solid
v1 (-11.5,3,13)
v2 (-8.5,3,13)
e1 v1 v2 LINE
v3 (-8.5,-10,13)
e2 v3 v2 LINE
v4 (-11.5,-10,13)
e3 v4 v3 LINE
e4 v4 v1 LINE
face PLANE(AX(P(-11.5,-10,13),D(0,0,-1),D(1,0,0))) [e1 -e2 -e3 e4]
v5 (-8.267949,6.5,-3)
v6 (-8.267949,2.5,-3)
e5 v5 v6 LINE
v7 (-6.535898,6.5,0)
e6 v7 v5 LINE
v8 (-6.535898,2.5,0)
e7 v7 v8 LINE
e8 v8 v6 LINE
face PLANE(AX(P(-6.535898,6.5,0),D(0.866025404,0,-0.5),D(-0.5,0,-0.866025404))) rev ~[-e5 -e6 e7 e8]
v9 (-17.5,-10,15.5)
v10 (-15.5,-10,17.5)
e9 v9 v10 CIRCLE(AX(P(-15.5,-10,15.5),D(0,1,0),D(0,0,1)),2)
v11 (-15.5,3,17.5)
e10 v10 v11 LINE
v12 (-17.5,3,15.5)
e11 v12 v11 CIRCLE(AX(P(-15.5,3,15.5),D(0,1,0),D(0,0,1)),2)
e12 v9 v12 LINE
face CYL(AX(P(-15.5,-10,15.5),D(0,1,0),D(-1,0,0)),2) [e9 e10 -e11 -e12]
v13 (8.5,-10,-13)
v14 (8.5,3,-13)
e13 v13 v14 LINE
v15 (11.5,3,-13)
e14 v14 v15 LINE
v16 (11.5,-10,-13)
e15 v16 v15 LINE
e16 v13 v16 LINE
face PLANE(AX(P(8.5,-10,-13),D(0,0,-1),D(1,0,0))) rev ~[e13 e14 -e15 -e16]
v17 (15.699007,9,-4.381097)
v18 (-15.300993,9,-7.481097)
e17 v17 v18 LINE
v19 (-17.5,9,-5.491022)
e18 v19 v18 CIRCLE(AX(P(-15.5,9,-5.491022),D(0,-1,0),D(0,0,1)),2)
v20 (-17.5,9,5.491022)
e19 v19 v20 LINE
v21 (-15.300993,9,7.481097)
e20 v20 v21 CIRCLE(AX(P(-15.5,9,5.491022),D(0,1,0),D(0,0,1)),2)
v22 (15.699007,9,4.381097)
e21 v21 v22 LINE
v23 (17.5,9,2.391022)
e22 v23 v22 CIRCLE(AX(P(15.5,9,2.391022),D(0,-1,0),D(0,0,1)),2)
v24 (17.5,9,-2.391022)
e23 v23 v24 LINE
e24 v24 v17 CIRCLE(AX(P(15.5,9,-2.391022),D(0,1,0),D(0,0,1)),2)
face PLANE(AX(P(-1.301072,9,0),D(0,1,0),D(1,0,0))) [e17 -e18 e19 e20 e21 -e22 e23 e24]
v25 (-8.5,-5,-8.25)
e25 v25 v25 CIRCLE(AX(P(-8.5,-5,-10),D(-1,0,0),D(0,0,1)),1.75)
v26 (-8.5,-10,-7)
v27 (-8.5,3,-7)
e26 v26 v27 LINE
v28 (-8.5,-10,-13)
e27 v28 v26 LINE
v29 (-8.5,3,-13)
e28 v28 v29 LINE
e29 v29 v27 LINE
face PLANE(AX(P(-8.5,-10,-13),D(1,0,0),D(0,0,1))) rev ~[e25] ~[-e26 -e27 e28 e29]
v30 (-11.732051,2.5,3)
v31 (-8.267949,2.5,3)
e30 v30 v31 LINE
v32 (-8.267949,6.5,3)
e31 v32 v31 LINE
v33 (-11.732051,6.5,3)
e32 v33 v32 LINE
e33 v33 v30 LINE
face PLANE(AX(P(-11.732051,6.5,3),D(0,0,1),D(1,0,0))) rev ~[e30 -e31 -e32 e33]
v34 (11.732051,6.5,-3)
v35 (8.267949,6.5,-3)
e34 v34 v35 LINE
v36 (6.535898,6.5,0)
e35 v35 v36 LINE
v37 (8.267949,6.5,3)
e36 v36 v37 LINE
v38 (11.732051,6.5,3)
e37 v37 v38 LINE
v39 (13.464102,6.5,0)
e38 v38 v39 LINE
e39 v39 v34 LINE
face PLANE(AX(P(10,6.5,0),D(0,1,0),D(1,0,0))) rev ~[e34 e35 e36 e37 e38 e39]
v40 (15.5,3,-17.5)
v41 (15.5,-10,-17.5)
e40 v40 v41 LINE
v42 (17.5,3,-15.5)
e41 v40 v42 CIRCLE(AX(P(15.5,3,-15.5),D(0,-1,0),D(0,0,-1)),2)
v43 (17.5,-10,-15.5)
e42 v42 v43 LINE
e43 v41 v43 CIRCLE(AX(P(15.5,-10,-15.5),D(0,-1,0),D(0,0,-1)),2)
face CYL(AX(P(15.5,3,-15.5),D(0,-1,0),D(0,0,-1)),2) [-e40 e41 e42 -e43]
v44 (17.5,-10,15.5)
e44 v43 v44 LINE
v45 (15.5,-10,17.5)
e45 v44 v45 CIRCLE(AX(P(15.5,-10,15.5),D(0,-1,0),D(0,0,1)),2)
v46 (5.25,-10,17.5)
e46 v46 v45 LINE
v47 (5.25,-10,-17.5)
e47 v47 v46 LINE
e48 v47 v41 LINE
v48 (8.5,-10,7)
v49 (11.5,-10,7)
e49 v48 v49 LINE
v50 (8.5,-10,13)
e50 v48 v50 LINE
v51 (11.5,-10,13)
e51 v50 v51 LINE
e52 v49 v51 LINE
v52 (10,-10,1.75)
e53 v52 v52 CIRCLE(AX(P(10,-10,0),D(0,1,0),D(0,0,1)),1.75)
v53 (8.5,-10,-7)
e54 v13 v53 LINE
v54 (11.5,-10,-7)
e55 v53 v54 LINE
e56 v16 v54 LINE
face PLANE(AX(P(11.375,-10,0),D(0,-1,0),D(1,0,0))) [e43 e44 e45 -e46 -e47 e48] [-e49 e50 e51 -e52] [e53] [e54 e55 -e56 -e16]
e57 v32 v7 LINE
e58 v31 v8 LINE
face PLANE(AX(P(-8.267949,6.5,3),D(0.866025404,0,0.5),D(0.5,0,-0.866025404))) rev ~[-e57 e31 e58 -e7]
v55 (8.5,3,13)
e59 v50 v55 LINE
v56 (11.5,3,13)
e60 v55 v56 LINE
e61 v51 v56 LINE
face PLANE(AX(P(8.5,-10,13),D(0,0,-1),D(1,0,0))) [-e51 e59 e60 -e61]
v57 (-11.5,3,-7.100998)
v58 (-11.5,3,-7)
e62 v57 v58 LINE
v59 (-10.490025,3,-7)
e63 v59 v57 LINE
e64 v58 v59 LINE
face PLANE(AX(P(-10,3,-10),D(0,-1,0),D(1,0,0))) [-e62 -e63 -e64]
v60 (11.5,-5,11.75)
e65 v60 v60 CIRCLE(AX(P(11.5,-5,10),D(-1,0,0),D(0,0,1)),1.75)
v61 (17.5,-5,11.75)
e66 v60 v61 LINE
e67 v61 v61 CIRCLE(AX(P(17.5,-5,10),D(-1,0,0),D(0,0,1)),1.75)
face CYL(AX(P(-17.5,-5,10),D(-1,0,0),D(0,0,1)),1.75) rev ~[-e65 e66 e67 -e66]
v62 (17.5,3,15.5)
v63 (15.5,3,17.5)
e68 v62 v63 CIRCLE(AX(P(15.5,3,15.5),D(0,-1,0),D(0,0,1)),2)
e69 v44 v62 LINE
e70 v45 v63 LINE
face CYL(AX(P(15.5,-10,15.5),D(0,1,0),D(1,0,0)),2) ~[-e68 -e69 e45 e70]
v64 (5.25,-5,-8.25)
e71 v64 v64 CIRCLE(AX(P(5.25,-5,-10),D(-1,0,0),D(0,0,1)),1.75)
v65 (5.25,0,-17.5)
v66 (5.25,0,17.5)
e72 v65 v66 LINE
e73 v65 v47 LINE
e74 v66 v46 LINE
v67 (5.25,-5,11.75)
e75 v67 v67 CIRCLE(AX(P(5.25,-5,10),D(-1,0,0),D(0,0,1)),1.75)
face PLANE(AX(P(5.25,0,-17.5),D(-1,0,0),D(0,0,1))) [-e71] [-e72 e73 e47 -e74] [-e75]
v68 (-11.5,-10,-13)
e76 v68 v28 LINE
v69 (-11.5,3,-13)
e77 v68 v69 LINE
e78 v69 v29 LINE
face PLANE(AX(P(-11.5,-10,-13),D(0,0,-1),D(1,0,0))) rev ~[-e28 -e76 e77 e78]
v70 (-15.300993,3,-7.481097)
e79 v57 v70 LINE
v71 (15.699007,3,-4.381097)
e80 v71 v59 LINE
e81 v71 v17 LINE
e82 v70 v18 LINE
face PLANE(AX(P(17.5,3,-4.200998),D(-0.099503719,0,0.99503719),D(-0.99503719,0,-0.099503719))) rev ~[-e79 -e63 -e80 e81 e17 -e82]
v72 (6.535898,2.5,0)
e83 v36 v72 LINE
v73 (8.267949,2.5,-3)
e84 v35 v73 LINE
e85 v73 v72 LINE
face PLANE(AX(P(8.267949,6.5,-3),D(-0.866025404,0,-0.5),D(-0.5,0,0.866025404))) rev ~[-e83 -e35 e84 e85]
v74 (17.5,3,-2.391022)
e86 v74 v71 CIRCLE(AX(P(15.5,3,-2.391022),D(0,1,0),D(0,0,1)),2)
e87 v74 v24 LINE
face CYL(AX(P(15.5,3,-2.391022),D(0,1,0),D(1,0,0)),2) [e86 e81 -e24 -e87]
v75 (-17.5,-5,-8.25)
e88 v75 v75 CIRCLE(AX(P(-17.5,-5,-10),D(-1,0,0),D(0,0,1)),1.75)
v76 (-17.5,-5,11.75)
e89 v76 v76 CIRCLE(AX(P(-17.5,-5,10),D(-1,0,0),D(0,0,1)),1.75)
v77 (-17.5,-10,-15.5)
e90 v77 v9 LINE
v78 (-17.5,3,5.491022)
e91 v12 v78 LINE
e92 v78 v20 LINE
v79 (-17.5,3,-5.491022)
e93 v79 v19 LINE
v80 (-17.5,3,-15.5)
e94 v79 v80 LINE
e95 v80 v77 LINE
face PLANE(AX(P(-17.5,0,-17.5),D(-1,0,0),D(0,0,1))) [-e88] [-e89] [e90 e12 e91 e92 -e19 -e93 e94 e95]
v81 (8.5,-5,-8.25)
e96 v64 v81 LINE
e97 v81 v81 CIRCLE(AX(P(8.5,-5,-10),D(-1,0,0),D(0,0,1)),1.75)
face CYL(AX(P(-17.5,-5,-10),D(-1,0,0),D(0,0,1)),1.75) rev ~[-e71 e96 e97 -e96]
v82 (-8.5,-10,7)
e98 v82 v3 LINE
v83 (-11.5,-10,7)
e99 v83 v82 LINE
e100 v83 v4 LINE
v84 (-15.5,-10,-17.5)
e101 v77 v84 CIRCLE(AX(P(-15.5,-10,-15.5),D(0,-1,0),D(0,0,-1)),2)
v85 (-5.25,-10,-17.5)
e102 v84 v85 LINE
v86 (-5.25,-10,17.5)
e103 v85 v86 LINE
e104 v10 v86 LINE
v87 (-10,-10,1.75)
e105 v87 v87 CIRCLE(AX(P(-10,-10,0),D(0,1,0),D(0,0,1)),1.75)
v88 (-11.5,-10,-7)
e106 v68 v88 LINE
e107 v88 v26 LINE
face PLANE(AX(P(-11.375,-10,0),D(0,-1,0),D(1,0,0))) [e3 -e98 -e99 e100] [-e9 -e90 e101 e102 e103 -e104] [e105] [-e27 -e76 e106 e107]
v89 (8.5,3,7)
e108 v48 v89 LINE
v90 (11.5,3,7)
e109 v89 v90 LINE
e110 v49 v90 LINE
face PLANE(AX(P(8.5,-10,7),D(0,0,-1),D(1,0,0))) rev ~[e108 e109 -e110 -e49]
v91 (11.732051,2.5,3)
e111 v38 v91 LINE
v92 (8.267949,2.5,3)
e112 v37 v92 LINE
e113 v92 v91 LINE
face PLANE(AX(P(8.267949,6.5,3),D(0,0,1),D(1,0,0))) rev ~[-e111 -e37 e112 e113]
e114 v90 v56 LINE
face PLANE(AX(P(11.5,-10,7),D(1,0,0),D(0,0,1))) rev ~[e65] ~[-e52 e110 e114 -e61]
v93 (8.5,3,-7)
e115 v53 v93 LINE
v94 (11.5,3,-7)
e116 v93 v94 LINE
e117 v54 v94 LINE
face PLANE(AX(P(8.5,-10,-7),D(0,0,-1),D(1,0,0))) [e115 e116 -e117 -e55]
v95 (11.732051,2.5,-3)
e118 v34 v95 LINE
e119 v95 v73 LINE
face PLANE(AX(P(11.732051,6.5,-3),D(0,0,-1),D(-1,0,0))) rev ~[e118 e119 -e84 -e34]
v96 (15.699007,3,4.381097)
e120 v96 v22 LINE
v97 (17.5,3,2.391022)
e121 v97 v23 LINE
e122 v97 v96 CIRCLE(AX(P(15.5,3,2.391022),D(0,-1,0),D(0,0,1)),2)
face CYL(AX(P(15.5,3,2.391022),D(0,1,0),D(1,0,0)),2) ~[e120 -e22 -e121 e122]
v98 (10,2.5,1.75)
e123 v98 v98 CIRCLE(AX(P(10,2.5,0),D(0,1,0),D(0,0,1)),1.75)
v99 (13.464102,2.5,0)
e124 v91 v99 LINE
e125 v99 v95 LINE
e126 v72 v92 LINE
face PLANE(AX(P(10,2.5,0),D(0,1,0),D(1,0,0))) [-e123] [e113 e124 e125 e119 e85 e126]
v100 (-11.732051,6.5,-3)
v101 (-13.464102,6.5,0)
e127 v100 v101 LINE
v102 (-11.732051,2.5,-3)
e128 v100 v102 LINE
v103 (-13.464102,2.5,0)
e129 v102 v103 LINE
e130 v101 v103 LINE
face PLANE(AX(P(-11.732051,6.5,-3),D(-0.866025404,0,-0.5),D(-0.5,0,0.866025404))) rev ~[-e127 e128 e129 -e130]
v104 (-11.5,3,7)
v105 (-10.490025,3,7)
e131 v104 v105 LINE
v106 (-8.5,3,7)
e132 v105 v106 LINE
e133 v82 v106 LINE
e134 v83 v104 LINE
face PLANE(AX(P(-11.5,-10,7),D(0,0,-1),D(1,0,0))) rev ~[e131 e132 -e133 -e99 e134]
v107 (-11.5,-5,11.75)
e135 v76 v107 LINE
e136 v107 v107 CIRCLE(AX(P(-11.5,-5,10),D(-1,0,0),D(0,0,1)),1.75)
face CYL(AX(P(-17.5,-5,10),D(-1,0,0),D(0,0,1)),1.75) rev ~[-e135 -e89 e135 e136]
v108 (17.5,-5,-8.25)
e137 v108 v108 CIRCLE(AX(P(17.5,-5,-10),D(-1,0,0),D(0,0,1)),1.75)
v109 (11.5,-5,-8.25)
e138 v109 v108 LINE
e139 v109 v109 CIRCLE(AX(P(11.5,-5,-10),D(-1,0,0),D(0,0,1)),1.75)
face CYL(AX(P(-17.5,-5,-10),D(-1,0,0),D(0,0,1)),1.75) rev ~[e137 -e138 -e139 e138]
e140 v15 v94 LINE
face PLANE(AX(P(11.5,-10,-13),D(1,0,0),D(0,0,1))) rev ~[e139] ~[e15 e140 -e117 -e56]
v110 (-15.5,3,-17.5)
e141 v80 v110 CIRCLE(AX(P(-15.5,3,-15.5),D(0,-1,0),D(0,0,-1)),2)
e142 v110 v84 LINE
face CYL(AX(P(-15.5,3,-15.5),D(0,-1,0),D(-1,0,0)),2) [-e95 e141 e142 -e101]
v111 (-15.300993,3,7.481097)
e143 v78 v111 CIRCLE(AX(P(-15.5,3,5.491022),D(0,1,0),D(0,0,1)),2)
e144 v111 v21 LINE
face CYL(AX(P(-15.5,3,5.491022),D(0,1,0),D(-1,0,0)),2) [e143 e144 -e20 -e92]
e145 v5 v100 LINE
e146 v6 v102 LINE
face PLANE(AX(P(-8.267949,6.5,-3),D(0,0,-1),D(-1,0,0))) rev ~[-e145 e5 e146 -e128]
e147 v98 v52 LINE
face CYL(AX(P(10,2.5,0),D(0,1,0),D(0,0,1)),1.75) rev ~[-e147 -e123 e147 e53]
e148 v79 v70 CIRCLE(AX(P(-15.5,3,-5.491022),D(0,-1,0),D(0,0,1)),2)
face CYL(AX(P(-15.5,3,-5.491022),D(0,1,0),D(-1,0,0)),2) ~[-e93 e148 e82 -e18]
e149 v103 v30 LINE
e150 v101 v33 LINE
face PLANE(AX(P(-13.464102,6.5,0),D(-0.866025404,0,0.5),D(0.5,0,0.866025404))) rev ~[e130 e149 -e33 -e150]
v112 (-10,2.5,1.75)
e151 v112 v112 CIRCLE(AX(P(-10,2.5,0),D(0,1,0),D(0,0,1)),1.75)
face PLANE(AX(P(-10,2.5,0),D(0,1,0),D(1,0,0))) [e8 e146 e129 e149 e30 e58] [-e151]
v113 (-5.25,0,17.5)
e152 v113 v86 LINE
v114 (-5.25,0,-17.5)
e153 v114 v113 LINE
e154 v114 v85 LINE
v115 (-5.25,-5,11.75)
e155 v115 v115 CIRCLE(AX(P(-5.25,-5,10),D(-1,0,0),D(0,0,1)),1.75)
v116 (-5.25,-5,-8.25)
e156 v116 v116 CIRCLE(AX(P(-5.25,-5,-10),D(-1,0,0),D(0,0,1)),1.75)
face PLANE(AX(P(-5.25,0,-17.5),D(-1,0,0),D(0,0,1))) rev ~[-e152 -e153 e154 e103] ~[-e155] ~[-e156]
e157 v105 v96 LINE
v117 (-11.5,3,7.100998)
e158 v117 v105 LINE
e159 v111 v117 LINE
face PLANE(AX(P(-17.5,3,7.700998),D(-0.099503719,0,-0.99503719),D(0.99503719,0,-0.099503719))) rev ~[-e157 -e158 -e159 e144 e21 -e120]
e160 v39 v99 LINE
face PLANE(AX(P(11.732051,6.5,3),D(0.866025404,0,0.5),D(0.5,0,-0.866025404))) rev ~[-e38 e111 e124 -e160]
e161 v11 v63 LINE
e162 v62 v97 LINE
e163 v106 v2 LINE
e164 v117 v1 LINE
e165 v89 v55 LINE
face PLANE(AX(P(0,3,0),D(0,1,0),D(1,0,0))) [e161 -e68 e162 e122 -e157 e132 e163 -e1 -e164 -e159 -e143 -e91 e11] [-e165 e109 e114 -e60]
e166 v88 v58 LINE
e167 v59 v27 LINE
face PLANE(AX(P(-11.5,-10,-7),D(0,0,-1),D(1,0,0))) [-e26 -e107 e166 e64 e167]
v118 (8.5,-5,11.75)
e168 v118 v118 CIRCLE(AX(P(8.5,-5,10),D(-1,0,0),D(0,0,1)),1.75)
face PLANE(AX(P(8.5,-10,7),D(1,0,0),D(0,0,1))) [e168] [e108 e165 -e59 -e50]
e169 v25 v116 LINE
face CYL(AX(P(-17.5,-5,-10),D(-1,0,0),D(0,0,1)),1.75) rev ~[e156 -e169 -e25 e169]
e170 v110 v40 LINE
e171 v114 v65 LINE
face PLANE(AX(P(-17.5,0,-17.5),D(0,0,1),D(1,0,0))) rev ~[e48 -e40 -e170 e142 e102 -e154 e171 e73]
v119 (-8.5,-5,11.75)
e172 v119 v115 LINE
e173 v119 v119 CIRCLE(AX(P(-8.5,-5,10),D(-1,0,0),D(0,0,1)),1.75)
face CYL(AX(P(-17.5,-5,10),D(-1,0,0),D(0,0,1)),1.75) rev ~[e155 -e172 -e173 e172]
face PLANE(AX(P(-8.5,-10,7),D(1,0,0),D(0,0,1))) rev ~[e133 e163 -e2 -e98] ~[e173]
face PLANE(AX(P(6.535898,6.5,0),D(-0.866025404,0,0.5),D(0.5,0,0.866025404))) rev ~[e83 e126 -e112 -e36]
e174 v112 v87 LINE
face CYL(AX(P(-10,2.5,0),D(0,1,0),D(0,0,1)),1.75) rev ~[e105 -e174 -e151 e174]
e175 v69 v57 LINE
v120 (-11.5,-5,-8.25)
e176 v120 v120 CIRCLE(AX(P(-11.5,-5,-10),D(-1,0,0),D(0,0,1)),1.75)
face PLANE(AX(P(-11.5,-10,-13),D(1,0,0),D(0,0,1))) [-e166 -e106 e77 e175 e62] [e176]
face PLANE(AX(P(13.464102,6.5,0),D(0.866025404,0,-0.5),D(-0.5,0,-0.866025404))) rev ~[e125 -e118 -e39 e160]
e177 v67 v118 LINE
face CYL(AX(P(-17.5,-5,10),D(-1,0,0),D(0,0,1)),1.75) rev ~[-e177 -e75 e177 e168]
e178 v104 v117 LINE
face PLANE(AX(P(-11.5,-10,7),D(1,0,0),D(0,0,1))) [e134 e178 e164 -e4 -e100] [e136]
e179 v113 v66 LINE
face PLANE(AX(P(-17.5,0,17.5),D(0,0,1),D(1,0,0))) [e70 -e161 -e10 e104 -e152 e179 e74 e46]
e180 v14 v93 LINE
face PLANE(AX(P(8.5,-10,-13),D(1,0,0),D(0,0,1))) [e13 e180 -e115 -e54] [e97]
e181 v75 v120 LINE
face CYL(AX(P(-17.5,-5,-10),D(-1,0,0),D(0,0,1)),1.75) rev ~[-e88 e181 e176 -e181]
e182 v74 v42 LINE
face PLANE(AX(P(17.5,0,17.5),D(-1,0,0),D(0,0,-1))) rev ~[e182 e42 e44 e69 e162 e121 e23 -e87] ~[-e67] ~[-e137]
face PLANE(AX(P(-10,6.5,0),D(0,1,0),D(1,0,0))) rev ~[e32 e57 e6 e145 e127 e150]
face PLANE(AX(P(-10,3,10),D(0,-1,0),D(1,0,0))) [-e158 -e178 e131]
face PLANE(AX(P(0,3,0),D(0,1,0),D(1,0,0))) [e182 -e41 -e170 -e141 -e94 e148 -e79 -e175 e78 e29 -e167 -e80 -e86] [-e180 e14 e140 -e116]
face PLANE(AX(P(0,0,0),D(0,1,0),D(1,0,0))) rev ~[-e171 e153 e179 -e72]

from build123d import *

# Parameters (mm, degrees)
SKETCH_1_W          = 35
SKETCH_1_H          = 35
EXTRUDE_6_DEPTH     = 3
EXTRUDE_7_DEPTH     = 6
SKETCH_6_W          = 12.25
SKETCH_6_H          = 35
EXTRUDE_8_DEPTH     = 10
FILLET_2_R          = 2
SKETCH_7_R          = 1.75
CUT_EXTRUDE_3_DEPTH = 41.388736054
SKETCH_8_W          = 3
SKETCH_8_H          = 6
CUT_EXTRUDE_4_DEPTH = 13
CUT_EXTRUDE_5_DEPTH = 4
SKETCH_12_R         = 1.75
CUT_EXTRUDE_6_DEPTH = 28.726341266


with BuildPart() as part:
    # Эскиз1 → Бобышка-Вытянуть6 (new body)
    with BuildSketch(Plane(origin=(0, 0, 0), x_dir=(1, 0, 0), z_dir=(0, 1, 0))):
        Rectangle(SKETCH_1_W, SKETCH_1_H)
    extrude(amount=EXTRUDE_6_DEPTH)

    # Эскиз5 → Бобышка-Вытянуть7 (add)
    with BuildSketch(Plane(origin=(0, 3, 0), x_dir=(1, 0, 0), z_dir=(0, 1, 0))):
        Polygon((-17.5, 7.700997512), (-17.5, 7.5), (-17.5, -7.5), (-17.5, -7.700997512), (17.5, -4.200997512), (17.5, -4), (17.5, 4), (17.5, 4.200997512), align=None)
    extrude(amount=EXTRUDE_7_DEPTH)

    # Эскиз6 → Бобышка-Вытянуть8 (add)
    with BuildSketch(Plane.XZ):
        with Locations((-11.375, 0)):
            Rectangle(SKETCH_6_W, SKETCH_6_H)
        with Locations((11.375, 0)):
            Rectangle(SKETCH_6_W, SKETCH_6_H)
    extrude(amount=EXTRUDE_8_DEPTH)

    # Скругление2
    fillet_2_edges = [part.edges().sort_by_distance(p)[0] for p in [
        (17.5, 6, 4.200997512),
        (17.5, 6, -4.200997512),
        (-17.5, 6, -7.700997512),
        (-17.5, 6, 7.700997512),
        (-17.5, -3.5, 17.5),
        (17.5, -3.5, 17.5),
        (17.5, -3.5, -17.5),
        (-17.5, -3.5, -17.5),
    ]]
    fillet(fillet_2_edges, radius=FILLET_2_R)

    # Эскиз7 → Вырез-Вытянуть3 (cut, through all)
    with BuildSketch(Plane.ZY.offset(17.5)):
        with Locations((-10, -5)):
            Circle(SKETCH_7_R)
        with Locations((10, -5)):
            Circle(SKETCH_7_R)
    extrude(amount=-CUT_EXTRUDE_3_DEPTH, mode=Mode.SUBTRACT)

    # Эскиз8 → Вырез-Вытянуть4 (cut)
    with BuildSketch(Plane.XZ.offset(10)):
        with Locations((-10, -10)):
            Rectangle(SKETCH_8_W, SKETCH_8_H)
        with Locations((10, -10)):
            Rectangle(SKETCH_8_W, SKETCH_8_H)
        with Locations((-10, 10)):
            Rectangle(SKETCH_8_W, SKETCH_8_H)
        with Locations((10, 10)):
            Rectangle(SKETCH_8_W, SKETCH_8_H)
    extrude(amount=-CUT_EXTRUDE_4_DEPTH, mode=Mode.SUBTRACT)

    # Эскиз11 → Вырез-Вытянуть5 (cut)
    with BuildSketch(Plane(origin=(0, 6.5, 0), x_dir=(1, 0, 0), z_dir=(0, 1, 0))):
        Polygon((-8.267949192, -3), (-6.535898385, 0), (-8.267949192, 3), (-11.732050808, 3), (-13.464101615, 0), (-11.732050808, -3), align=None)
        Polygon((6.535898385, 0), (8.267949192, -3), (11.732050808, -3), (13.464101615, 0), (11.732050808, 3), (8.267949192, 3), align=None)
    extrude(amount=-CUT_EXTRUDE_5_DEPTH, mode=Mode.SUBTRACT)

    # Эскиз12 → Вырез-Вытянуть6 (cut, through all)
    with BuildSketch(Plane(origin=(0, 2.5, 0), x_dir=(1, 0, 0), z_dir=(0, 1, 0))):
        with Locations(Location((-10, 0, 0), (0, 0, 270))):
            Circle(SKETCH_12_R)
        with Locations(Location((10, 0, 0), (0, 0, 270))):
            Circle(SKETCH_12_R)
    extrude(amount=-CUT_EXTRUDE_6_DEPTH, mode=Mode.SUBTRACT)


solid = part.part
